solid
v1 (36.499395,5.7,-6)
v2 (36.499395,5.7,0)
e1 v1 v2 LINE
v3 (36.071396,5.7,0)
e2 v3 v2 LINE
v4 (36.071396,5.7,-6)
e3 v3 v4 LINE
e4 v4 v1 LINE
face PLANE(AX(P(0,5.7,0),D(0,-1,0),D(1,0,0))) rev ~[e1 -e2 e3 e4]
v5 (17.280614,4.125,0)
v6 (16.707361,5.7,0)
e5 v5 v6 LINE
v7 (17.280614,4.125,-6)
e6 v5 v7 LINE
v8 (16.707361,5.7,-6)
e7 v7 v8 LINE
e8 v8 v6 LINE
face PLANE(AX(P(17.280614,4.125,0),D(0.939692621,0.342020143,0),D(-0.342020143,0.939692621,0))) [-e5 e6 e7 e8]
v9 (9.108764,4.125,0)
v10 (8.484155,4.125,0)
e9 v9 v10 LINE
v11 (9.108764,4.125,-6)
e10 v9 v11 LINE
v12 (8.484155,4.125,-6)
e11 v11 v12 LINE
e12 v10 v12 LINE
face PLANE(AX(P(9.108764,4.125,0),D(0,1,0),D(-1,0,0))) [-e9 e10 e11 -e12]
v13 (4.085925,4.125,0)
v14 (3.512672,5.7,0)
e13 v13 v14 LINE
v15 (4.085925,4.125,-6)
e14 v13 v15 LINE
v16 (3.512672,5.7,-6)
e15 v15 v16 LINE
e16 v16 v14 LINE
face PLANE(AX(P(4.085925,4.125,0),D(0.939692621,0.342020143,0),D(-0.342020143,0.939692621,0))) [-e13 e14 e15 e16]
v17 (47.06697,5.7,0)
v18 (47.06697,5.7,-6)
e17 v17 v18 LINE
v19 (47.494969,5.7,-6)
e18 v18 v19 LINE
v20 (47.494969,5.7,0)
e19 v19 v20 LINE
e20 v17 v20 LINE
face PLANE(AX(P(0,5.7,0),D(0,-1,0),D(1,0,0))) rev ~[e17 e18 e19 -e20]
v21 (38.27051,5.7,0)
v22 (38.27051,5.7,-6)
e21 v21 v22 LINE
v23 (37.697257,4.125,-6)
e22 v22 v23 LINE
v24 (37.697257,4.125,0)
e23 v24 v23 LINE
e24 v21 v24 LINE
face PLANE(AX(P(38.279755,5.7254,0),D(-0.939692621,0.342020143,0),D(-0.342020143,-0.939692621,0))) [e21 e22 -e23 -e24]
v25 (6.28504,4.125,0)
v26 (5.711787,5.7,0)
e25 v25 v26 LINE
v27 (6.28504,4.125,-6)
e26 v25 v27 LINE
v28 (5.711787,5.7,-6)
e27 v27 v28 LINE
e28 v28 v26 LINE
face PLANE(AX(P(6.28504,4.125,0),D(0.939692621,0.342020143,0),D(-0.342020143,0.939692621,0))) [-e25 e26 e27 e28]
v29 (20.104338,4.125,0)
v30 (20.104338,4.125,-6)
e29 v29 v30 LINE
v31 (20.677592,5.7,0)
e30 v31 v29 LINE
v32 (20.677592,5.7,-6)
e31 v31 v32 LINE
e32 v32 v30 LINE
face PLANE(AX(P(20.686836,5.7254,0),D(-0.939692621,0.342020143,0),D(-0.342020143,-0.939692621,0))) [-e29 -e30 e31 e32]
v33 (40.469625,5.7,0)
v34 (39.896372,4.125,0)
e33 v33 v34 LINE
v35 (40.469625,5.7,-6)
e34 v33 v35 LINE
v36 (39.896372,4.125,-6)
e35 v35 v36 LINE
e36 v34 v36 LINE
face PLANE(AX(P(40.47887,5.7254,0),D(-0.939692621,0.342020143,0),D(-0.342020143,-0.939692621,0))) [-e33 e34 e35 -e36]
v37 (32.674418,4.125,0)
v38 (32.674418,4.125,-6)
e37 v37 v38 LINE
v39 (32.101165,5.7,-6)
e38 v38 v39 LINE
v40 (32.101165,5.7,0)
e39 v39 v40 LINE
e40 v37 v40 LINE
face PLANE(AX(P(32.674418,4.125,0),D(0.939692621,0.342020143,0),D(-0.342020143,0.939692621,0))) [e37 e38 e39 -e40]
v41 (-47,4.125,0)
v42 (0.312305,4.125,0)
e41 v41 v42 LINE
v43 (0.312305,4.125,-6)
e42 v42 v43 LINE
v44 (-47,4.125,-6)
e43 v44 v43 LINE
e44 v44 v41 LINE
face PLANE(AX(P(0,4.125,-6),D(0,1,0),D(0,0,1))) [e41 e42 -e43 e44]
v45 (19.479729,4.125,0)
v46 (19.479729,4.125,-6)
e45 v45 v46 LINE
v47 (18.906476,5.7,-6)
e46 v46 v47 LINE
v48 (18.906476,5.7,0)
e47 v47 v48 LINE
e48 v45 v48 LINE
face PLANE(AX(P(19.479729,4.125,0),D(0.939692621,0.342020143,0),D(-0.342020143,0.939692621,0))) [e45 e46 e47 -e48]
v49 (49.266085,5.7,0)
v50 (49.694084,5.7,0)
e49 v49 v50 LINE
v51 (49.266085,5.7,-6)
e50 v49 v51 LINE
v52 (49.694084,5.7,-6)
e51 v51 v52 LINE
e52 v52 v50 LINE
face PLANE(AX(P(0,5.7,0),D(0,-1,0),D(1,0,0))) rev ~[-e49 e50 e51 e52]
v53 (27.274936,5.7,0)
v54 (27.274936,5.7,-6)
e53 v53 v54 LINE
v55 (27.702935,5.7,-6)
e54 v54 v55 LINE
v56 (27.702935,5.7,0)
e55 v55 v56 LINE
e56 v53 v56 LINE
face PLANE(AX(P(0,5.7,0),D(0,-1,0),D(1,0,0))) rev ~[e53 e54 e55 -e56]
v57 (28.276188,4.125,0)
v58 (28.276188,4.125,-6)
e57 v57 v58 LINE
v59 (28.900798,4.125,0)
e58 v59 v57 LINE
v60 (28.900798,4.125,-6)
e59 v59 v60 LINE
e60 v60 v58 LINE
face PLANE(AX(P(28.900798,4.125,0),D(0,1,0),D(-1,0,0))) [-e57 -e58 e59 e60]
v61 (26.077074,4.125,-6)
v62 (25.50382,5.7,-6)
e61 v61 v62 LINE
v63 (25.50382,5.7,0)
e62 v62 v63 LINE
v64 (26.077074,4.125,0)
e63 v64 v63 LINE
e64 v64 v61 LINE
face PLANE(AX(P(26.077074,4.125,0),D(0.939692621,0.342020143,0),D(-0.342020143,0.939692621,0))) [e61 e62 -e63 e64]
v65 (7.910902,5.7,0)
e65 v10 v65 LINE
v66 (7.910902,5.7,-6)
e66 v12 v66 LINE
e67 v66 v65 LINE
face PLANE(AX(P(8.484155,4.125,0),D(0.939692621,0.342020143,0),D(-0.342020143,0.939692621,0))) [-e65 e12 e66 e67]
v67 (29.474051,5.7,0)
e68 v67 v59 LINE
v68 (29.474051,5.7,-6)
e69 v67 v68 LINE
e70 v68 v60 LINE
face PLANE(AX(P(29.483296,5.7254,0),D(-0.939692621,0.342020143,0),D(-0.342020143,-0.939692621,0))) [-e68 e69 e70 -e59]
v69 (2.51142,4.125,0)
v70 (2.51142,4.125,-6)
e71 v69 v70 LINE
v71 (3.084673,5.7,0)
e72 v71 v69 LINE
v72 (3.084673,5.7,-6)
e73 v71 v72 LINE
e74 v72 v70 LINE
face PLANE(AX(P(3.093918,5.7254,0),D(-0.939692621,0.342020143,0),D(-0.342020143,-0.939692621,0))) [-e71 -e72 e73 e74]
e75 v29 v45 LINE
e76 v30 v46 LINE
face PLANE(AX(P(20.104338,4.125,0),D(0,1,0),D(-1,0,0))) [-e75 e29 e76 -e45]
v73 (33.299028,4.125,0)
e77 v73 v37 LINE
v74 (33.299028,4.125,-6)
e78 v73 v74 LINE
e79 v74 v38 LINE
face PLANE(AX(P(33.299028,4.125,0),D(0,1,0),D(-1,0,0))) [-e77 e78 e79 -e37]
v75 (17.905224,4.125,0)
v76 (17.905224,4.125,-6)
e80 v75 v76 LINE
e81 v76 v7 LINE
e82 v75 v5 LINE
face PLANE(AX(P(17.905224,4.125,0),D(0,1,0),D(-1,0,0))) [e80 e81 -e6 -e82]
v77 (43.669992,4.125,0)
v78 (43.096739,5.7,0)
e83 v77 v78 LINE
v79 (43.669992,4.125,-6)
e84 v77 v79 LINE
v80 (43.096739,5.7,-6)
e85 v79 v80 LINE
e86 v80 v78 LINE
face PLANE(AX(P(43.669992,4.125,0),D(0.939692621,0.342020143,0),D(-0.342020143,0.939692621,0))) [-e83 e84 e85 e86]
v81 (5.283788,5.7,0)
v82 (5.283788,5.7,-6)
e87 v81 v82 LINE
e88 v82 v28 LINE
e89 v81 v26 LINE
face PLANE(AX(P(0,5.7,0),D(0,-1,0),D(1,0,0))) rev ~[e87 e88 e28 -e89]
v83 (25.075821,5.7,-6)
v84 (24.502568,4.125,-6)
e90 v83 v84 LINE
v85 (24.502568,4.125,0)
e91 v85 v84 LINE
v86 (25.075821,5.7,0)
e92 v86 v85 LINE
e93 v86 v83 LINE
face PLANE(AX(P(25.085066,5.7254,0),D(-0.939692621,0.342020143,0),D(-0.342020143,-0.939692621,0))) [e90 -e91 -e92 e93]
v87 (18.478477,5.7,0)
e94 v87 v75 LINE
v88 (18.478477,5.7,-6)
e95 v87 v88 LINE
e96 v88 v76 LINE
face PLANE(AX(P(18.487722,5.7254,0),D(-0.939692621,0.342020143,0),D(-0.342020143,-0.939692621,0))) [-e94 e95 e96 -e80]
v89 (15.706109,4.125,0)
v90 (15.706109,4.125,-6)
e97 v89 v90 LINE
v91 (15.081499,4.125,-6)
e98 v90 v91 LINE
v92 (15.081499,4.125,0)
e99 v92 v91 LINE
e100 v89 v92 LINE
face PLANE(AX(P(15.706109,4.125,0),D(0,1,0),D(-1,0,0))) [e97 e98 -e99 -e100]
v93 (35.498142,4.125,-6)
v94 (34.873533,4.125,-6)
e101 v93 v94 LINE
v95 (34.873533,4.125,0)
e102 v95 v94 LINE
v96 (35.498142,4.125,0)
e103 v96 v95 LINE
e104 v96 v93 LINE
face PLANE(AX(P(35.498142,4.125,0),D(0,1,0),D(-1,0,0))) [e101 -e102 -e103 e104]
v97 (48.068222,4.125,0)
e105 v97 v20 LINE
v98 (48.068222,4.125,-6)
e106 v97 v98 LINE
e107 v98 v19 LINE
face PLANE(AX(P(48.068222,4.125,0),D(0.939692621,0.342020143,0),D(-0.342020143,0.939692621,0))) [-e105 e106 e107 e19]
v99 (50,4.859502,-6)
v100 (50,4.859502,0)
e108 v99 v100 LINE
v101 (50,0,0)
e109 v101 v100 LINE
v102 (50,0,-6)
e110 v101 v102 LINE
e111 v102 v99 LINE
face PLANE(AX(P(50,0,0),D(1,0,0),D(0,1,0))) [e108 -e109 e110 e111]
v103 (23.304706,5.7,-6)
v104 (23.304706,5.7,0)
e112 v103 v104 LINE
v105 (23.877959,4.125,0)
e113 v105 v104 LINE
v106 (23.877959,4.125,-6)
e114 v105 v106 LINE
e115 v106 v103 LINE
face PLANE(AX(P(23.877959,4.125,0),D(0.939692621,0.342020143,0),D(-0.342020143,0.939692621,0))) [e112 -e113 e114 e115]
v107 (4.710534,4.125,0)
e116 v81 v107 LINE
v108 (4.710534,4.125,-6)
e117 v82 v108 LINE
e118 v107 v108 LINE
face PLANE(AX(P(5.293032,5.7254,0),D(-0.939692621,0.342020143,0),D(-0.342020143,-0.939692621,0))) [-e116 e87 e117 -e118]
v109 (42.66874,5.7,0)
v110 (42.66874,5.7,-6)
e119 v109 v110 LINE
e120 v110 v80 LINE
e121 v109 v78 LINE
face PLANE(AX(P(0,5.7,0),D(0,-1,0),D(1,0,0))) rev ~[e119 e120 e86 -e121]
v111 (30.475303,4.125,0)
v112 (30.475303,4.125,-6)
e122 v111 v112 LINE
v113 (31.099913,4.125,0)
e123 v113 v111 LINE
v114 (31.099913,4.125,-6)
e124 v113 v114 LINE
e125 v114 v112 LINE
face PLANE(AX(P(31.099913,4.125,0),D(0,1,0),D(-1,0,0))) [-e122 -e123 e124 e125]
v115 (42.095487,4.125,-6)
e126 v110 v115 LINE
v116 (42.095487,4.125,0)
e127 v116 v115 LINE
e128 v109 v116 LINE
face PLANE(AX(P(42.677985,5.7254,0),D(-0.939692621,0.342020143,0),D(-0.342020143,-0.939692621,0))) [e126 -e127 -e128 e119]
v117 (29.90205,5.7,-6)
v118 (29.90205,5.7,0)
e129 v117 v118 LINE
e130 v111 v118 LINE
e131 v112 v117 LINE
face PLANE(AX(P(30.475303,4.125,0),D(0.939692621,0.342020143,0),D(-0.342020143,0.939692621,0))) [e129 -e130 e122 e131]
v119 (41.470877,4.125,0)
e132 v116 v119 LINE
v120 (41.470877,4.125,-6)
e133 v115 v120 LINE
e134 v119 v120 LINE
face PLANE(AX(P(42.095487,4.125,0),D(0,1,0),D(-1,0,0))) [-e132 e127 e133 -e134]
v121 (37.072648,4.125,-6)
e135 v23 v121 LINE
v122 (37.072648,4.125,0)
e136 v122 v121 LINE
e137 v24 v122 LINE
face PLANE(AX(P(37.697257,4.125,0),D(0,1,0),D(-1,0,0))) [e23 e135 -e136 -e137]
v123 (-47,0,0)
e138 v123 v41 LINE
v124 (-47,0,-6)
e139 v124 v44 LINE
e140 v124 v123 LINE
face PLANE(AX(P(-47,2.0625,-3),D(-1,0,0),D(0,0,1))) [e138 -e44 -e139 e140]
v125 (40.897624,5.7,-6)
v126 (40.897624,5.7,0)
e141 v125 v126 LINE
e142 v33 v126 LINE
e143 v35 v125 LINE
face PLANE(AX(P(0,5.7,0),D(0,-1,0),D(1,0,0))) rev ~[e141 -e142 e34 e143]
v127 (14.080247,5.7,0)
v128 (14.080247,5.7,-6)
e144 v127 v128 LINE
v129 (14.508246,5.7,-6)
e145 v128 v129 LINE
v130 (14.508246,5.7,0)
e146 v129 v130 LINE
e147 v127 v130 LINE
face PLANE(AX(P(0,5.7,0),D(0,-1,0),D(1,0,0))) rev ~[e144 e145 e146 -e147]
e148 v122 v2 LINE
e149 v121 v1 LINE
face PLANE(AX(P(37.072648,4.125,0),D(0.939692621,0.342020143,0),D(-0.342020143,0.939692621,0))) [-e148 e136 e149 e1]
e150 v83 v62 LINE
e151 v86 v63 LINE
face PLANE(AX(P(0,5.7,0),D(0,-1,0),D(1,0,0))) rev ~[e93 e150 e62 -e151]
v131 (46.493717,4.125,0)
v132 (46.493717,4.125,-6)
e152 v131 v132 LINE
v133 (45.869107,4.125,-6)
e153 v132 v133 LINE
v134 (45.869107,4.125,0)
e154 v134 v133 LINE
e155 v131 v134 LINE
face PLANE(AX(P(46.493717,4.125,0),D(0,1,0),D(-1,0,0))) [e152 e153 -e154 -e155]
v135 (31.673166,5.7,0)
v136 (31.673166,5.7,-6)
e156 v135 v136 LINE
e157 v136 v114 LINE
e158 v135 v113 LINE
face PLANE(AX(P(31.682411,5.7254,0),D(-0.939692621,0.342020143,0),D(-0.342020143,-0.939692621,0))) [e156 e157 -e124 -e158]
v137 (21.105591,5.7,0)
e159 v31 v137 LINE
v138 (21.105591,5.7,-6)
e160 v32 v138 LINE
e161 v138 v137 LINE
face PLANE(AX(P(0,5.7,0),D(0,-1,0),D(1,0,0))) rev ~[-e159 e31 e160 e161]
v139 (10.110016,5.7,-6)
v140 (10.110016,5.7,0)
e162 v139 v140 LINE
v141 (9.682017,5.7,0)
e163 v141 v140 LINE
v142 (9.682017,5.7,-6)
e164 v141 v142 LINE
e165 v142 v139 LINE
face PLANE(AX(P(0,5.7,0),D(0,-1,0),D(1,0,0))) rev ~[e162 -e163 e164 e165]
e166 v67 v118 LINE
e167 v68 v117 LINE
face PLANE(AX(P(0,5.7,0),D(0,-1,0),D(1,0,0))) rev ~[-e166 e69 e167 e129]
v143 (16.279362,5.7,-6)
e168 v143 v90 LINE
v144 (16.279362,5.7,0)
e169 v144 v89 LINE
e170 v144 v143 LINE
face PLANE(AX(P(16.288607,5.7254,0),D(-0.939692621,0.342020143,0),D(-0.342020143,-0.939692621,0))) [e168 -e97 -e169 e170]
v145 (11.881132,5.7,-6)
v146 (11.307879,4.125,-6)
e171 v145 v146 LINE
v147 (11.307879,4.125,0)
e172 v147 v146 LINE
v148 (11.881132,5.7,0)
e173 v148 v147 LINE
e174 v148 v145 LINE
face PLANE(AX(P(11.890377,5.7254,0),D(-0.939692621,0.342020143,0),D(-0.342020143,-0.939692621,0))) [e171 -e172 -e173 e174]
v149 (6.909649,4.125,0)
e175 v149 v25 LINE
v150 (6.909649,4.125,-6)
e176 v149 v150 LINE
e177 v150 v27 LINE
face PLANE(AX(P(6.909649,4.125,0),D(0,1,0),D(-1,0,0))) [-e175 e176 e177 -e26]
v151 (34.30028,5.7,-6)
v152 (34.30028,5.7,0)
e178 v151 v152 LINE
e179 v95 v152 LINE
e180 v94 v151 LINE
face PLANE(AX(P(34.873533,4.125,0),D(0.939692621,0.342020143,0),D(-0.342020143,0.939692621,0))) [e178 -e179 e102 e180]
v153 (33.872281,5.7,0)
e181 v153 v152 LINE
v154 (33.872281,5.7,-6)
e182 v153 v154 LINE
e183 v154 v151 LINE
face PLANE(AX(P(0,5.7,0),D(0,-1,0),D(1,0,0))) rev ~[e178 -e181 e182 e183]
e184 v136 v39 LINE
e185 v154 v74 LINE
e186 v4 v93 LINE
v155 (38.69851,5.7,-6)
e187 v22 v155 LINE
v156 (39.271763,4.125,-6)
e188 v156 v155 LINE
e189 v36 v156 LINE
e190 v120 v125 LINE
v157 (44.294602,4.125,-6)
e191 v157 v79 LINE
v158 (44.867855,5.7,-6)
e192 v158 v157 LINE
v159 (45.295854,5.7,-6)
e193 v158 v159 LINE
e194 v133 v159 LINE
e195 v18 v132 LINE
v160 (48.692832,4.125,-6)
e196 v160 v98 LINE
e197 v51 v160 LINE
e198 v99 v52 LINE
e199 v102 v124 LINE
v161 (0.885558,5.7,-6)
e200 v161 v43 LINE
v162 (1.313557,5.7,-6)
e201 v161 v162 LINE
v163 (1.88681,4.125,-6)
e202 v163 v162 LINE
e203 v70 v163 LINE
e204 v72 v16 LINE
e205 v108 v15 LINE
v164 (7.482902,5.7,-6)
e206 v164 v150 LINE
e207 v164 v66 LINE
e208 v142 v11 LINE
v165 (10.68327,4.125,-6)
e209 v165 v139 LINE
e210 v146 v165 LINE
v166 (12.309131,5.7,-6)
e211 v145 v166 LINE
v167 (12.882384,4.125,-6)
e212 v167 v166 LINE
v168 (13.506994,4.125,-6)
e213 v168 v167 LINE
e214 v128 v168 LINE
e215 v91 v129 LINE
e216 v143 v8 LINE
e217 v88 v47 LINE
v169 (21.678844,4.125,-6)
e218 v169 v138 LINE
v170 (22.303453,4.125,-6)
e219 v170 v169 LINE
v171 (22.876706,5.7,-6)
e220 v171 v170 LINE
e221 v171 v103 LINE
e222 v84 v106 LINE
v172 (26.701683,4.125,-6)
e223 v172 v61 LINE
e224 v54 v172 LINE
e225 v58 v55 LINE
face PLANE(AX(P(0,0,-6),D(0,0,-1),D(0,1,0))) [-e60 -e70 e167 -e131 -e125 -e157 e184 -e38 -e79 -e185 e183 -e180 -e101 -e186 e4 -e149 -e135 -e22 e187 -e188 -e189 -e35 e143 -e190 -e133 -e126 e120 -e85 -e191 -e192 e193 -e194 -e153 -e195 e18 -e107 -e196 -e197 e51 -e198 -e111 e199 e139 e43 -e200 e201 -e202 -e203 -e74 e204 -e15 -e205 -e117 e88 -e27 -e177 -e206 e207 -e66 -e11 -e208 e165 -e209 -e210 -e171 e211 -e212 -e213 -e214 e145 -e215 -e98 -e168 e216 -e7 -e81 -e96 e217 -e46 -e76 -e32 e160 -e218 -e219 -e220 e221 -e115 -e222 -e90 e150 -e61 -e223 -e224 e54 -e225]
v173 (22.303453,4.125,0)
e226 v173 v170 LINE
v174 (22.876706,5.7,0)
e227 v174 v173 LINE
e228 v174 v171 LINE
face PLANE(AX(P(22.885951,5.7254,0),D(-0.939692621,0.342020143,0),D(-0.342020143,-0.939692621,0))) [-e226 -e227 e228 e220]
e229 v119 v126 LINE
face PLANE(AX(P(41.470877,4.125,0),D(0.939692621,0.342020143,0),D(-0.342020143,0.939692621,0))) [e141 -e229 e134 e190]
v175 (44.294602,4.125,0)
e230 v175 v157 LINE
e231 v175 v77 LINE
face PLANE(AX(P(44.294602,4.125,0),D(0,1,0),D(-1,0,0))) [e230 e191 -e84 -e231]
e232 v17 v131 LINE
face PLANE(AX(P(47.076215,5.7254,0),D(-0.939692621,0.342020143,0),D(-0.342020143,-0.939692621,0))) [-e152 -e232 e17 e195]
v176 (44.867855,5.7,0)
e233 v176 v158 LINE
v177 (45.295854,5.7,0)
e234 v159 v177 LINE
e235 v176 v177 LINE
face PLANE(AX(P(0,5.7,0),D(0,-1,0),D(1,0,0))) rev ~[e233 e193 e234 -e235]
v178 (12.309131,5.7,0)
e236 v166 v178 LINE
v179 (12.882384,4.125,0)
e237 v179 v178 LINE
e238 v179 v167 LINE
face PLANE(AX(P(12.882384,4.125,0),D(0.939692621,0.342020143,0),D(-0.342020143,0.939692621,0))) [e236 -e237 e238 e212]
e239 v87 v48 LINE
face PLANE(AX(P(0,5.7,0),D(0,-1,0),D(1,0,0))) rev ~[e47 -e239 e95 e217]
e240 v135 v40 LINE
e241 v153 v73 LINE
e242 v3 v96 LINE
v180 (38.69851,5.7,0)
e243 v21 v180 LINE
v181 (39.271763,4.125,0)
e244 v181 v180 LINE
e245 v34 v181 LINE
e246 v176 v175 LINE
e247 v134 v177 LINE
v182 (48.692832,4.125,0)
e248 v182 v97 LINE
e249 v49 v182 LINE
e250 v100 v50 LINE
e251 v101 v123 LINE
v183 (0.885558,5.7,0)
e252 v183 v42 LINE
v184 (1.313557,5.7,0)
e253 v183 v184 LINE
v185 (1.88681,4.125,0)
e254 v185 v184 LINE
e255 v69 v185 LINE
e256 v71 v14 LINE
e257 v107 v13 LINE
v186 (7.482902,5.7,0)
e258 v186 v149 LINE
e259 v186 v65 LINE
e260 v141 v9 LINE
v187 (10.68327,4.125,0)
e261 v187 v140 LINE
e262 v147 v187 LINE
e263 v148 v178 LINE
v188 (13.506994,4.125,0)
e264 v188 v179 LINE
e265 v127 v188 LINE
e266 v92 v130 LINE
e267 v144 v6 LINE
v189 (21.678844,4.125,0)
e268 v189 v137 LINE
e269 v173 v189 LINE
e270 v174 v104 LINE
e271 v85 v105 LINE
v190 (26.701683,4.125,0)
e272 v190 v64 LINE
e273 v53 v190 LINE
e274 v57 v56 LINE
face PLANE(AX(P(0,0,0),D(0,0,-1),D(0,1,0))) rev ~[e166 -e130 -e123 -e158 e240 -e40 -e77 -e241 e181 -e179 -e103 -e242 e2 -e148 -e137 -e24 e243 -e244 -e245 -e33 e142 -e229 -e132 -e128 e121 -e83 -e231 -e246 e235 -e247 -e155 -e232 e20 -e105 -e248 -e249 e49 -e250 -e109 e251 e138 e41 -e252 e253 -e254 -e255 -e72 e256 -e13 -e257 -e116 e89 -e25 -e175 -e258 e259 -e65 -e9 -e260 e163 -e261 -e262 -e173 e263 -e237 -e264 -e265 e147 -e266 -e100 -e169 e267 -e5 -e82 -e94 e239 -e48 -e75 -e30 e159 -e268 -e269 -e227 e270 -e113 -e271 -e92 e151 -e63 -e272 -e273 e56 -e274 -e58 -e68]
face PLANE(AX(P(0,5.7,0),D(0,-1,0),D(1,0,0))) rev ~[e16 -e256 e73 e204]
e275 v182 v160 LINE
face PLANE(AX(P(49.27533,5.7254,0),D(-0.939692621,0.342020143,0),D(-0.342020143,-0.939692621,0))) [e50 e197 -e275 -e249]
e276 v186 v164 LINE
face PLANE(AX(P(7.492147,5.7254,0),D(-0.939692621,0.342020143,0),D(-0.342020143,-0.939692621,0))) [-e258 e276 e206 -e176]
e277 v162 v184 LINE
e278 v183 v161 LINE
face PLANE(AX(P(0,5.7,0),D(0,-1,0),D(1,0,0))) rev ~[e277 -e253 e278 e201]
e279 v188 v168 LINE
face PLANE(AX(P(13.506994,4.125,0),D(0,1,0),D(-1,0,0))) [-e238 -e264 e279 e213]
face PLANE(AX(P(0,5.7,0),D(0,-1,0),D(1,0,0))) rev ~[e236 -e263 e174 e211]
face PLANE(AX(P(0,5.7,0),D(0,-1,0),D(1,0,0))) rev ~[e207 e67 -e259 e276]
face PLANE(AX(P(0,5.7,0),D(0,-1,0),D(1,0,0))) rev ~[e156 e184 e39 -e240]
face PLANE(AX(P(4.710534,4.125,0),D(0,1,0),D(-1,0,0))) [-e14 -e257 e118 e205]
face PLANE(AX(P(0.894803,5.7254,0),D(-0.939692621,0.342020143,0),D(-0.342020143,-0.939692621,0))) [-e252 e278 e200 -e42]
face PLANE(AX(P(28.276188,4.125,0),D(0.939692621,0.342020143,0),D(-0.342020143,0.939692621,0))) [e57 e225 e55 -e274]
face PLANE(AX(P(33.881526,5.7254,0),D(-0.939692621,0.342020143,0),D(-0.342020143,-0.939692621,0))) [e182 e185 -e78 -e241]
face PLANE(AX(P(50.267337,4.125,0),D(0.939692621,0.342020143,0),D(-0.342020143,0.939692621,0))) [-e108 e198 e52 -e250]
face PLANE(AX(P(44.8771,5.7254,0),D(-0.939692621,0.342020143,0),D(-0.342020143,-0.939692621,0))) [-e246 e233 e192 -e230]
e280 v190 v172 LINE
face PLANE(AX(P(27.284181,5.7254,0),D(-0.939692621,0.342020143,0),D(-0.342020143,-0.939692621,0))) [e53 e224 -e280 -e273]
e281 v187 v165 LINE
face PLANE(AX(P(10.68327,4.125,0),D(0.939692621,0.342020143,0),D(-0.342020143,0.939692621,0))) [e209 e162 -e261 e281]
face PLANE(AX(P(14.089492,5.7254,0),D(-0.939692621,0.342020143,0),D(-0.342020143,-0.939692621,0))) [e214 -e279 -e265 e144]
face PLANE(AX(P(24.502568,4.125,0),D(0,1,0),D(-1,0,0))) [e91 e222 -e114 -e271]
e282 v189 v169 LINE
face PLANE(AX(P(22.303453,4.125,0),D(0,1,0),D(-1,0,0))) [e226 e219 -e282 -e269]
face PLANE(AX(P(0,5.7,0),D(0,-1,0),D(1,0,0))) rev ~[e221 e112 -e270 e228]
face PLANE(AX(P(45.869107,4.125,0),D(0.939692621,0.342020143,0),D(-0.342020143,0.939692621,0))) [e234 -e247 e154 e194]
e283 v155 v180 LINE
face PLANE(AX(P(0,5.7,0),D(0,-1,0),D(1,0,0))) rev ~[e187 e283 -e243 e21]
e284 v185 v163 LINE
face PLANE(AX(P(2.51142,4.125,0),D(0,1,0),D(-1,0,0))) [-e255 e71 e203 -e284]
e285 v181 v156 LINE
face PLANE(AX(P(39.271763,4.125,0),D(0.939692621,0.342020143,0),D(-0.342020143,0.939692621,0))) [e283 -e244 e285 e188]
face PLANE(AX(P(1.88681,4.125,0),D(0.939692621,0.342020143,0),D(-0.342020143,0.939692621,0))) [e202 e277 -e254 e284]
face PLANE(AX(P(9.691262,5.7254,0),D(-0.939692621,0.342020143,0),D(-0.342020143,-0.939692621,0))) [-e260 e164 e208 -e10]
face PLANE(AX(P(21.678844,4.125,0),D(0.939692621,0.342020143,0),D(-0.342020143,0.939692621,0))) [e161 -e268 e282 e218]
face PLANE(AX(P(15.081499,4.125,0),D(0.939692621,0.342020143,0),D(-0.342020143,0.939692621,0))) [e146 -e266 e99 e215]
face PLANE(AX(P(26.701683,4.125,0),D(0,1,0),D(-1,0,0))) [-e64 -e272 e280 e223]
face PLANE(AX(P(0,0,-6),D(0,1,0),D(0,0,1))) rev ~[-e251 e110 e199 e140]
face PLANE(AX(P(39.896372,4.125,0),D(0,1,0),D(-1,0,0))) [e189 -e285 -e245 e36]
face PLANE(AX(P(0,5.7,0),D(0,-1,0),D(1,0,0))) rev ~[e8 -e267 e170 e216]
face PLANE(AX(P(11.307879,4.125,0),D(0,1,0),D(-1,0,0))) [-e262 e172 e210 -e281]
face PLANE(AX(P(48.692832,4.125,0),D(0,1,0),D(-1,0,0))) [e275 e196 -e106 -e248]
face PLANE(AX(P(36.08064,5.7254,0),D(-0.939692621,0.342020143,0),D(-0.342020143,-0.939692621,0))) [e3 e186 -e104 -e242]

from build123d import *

# Parameters (mm, degrees)
BLANKSKE_W        = 50
BLANKSKE_H        = 5.7
BLANK_DEPTH       = 6
TOOTHCUTSIM_DEPTH = 51.680272296
TEETHCUTS_COUNT   = 24
TEETHCUTS_PITCH   = 2.199114855
SKETCH_1_W        = 6
SKETCH_1_H        = 4.125
EXTRUDE_1_DEPTH   = 47


with BuildPart() as part:
    # BlankSke → Blank (new body)
    with BuildSketch(Plane.XY):
        with Locations((25, 2.85)):
            Rectangle(BLANKSKE_W, BLANKSKE_H)
    extrude(amount=-BLANK_DEPTH)

    # TooCutSkeSim → ToothCutSim (cut, through all)
    with BuildSketch(Plane.XY):
        Polygon((0.312304759, 4.125), (-0.312304759, 4.125), (-0.894802722, 5.7254), (0.894802722, 5.7254), align=None)
    toothcutsim = extrude(amount=-TOOTHCUTSIM_DEPTH, mode=Mode.SUBTRACT)

    # TeethCuts: ToothCutSim ×24
    with Locations(*[(i * TEETHCUTS_PITCH, 0, 0) for i in range(1, TEETHCUTS_COUNT)]):
        add(toothcutsim, mode=Mode.SUBTRACT)

    # 草图1 → 凸台-拉伸1 (add)
    with BuildSketch(Plane.ZY):
        with Locations((-3, 2.0625)):
            Rectangle(SKETCH_1_W, SKETCH_1_H)
    extrude(amount=EXTRUDE_1_DEPTH)


solid = part.part
